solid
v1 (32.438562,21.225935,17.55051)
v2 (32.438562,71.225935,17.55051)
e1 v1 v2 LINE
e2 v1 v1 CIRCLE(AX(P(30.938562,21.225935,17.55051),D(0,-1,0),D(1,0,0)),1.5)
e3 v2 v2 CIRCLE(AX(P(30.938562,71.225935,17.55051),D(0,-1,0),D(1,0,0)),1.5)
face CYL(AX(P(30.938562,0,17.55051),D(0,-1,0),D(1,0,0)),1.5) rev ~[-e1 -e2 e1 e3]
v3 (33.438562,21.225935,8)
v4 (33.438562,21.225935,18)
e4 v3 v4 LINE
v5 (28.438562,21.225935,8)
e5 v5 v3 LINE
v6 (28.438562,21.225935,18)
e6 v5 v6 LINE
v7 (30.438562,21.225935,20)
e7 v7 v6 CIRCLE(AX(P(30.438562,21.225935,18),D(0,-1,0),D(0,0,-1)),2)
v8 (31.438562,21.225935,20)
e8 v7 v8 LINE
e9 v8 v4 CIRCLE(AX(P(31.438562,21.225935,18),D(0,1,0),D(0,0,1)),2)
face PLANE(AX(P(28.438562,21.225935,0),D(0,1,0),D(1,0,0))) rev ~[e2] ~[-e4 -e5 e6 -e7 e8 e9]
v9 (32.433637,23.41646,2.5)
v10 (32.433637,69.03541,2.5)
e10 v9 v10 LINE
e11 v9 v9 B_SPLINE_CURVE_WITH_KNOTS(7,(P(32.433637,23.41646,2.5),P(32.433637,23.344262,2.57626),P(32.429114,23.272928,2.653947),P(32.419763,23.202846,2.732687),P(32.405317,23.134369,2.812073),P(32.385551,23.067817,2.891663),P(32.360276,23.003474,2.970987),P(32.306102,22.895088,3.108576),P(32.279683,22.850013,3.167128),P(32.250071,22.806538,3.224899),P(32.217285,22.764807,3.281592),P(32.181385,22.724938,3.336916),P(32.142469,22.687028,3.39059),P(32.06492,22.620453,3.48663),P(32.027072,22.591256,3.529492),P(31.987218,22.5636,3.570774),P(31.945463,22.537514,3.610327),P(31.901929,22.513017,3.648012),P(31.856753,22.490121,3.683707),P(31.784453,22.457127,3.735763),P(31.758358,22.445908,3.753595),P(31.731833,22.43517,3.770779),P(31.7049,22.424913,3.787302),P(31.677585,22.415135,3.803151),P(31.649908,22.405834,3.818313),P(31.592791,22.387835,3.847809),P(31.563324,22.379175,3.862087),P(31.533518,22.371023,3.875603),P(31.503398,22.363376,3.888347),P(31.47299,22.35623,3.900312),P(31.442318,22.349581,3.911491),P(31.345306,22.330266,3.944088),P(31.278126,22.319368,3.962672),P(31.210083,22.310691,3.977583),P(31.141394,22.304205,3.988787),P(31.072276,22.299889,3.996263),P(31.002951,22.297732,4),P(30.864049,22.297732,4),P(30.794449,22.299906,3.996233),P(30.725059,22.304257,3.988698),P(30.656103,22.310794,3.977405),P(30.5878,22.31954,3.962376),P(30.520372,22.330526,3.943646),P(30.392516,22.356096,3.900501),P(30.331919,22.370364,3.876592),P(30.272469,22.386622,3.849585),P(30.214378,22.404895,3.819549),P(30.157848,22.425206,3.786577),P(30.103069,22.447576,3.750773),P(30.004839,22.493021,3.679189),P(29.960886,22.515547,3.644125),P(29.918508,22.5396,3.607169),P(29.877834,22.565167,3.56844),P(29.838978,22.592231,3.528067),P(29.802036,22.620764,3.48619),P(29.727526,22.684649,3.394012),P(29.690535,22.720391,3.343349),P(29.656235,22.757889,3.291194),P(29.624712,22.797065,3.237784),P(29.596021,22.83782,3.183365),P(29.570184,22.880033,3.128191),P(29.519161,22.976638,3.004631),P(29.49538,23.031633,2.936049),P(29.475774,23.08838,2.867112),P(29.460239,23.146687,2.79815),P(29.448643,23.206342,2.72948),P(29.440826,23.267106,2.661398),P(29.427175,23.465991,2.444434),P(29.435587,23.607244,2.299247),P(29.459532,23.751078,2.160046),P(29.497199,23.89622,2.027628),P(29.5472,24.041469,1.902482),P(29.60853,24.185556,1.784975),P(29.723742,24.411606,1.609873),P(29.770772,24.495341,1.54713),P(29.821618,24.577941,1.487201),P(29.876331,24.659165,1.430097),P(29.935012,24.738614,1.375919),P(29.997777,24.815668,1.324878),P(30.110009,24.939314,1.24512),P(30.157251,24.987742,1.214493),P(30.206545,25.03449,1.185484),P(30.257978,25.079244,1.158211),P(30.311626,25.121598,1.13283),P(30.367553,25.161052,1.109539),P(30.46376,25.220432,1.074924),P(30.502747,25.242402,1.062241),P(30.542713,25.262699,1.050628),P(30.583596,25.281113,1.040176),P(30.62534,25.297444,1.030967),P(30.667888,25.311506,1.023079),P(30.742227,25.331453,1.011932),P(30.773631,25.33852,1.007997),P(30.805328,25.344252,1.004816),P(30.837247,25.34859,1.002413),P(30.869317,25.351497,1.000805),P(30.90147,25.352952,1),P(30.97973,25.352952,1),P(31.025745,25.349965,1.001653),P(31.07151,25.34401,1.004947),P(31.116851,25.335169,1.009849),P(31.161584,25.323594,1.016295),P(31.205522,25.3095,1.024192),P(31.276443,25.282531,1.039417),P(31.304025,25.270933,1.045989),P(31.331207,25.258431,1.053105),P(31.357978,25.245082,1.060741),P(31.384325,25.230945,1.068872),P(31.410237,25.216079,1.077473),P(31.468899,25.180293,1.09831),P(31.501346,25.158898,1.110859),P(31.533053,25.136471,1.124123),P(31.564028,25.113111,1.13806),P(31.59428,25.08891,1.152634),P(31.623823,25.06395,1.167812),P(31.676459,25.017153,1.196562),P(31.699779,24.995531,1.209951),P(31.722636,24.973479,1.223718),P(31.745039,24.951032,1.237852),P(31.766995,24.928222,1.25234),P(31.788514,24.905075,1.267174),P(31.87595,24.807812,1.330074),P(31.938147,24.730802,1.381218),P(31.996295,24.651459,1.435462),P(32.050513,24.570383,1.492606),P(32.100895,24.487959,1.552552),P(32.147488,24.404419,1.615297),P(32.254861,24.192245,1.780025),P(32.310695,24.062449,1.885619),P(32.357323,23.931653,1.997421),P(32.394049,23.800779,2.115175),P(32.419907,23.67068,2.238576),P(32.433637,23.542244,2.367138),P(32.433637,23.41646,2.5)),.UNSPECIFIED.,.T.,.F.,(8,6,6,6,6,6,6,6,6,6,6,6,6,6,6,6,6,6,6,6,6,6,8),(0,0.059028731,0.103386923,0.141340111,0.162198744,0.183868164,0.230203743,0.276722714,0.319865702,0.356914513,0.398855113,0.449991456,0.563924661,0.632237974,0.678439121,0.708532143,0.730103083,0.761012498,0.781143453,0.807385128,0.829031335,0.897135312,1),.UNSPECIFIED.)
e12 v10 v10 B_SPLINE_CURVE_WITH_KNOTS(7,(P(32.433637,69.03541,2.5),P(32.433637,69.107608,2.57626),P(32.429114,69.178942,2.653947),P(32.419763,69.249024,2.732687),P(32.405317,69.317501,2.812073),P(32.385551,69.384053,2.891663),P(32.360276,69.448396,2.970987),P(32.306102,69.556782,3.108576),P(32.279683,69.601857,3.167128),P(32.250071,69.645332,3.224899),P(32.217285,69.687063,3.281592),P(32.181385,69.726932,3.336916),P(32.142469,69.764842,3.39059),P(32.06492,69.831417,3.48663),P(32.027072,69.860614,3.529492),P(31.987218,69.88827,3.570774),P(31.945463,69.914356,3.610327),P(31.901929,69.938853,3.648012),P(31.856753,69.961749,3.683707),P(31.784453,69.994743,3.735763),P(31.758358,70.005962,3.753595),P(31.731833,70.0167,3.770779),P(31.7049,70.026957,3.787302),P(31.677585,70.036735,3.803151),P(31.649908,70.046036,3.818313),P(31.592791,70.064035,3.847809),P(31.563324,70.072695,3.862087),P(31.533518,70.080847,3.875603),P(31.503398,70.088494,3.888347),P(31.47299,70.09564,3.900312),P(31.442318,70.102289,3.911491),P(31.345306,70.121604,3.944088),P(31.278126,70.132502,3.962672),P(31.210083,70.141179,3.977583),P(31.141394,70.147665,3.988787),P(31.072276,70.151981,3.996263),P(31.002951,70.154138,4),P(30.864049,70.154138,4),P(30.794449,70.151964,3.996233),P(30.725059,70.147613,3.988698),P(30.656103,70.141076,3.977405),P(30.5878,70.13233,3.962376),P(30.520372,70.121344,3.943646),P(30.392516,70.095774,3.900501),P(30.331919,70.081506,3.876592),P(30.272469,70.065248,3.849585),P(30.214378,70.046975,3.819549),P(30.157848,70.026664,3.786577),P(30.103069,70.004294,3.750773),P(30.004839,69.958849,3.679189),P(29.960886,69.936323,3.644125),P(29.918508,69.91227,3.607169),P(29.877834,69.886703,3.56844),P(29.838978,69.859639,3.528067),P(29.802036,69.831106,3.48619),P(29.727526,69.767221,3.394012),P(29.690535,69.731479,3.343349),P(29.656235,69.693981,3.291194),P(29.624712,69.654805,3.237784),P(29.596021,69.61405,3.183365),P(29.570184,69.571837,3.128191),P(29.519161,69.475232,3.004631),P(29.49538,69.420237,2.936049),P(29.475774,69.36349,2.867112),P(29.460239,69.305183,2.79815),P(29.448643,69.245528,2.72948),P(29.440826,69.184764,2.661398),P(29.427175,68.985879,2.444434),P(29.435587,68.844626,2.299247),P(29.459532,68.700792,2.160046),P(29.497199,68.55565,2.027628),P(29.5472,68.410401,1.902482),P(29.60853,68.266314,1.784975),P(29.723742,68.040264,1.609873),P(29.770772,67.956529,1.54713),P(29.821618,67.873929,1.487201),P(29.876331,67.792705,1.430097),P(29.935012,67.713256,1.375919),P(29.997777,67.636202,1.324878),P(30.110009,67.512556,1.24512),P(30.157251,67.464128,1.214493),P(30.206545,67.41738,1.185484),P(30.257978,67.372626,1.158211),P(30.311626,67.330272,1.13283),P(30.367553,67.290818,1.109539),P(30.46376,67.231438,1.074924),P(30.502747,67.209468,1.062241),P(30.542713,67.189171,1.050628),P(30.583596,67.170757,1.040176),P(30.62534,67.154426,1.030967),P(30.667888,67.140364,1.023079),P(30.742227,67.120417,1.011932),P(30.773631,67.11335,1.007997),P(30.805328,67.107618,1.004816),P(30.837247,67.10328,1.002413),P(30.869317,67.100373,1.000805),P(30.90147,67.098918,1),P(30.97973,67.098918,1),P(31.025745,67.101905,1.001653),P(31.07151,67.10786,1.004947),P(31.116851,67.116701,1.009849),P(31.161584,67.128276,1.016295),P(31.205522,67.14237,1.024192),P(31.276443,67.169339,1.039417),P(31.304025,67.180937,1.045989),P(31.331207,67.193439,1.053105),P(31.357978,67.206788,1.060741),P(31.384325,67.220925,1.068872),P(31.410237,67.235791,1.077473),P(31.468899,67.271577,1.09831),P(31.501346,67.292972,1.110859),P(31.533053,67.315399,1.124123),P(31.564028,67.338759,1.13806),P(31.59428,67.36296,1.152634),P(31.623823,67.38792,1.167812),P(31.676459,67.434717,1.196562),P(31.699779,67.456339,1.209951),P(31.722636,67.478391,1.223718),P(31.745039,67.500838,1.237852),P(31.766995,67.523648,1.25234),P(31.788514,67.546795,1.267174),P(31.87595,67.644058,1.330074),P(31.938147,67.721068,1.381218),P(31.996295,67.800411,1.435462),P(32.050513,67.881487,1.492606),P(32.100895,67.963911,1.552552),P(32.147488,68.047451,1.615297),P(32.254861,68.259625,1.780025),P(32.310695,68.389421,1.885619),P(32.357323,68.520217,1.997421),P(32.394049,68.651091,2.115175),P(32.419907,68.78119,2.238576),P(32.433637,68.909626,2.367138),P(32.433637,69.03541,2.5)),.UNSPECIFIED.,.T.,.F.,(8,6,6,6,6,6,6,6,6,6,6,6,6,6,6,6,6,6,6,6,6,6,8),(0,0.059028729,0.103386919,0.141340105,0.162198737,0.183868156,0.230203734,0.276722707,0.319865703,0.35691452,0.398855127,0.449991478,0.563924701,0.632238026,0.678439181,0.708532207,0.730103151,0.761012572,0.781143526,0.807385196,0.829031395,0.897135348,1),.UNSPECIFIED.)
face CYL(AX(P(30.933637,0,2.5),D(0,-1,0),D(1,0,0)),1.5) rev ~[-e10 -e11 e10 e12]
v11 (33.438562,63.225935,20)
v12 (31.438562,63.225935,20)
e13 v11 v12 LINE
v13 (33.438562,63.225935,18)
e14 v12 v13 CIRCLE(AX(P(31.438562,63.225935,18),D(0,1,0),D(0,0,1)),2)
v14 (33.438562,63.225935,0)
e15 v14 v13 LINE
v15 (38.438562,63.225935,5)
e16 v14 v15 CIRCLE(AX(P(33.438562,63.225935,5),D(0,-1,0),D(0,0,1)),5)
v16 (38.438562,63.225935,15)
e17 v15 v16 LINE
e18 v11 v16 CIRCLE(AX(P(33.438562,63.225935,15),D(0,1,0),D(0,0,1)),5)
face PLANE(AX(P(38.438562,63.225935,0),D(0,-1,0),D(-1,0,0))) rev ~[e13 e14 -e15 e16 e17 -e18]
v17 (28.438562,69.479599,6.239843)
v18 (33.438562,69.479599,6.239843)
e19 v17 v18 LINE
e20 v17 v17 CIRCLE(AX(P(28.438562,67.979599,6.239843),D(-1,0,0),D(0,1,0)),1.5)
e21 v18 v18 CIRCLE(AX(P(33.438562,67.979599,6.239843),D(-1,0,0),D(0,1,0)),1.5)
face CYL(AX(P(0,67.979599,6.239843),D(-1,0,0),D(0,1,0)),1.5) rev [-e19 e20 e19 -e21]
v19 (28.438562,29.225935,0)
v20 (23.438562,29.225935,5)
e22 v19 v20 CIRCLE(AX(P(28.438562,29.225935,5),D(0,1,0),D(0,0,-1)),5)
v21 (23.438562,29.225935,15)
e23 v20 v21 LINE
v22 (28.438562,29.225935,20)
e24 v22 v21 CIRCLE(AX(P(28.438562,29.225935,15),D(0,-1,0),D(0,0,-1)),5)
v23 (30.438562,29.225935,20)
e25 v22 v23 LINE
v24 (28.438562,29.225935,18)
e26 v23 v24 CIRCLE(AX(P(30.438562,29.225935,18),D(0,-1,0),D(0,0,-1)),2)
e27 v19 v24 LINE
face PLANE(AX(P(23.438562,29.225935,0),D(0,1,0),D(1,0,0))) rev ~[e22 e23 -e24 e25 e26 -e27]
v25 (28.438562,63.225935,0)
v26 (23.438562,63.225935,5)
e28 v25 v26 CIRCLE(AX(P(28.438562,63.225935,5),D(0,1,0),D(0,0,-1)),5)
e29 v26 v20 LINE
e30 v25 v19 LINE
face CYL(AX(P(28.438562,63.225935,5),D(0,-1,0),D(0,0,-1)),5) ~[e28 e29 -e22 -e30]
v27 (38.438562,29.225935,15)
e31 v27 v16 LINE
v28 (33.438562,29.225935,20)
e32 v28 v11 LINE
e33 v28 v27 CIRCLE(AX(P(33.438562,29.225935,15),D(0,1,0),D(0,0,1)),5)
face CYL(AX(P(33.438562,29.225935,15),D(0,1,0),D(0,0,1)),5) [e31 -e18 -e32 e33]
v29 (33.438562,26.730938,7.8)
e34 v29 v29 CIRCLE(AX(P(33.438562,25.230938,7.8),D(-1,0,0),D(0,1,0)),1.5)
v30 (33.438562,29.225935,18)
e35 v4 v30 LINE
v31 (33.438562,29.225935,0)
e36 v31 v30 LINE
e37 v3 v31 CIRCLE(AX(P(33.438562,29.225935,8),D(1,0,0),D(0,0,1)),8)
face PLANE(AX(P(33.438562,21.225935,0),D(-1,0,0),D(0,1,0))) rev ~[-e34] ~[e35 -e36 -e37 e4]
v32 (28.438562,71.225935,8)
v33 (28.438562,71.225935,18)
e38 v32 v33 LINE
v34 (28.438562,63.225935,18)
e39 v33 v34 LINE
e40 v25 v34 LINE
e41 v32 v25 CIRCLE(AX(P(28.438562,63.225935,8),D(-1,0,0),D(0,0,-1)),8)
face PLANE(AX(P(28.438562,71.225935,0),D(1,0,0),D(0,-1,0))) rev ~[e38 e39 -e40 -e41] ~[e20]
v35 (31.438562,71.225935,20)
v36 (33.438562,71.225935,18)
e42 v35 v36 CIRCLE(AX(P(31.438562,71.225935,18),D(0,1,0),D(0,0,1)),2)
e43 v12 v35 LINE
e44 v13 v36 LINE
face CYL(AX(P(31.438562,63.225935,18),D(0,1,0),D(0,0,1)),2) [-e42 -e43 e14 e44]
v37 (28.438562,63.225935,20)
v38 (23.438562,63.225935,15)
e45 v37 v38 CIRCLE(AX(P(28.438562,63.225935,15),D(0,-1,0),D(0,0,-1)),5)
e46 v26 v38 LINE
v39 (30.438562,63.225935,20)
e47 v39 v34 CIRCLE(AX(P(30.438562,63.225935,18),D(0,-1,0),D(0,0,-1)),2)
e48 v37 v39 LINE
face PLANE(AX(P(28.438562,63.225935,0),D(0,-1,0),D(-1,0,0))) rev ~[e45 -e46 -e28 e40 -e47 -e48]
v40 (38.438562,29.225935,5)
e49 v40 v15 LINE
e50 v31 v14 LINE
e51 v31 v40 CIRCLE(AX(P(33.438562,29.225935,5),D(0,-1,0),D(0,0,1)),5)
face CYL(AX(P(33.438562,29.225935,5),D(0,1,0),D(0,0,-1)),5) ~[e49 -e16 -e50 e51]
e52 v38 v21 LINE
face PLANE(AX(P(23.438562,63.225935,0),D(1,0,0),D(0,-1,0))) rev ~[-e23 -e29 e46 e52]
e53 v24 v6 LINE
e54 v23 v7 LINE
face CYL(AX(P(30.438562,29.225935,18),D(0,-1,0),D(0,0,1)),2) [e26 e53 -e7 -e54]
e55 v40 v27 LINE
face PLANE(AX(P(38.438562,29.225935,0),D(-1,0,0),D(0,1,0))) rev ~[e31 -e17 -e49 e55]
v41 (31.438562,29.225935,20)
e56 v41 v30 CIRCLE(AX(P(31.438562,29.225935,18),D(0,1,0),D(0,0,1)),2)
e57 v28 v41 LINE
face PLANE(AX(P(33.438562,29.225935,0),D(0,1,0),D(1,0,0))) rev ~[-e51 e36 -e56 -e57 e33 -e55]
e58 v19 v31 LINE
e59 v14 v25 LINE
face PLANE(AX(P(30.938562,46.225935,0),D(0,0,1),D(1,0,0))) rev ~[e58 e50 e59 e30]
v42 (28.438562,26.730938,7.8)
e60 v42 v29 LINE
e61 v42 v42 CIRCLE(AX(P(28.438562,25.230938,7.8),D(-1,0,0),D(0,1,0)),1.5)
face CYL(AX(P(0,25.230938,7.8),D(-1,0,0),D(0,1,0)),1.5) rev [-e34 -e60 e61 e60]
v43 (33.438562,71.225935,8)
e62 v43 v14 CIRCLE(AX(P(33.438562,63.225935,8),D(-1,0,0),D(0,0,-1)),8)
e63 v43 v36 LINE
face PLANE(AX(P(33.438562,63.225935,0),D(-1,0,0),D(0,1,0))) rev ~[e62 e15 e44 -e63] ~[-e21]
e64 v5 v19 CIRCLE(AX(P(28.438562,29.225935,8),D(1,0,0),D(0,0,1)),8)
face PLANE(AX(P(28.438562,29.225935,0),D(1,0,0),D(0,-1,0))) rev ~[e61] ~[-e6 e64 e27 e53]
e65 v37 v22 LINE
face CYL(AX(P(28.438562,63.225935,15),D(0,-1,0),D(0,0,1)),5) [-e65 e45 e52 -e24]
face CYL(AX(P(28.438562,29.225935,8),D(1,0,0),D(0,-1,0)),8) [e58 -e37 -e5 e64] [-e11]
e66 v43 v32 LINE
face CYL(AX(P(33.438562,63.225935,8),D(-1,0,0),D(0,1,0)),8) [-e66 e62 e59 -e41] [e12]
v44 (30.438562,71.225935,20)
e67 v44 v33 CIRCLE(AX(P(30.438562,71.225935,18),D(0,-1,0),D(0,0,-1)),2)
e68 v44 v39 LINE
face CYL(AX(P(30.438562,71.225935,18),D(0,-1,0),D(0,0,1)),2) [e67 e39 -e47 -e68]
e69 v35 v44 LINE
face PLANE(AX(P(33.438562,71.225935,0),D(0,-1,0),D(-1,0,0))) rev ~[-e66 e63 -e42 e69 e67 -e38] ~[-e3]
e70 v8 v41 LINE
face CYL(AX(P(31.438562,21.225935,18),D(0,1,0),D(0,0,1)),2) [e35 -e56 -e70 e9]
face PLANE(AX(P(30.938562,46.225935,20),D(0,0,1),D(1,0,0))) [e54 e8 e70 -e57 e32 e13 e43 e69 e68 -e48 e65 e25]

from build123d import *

# Parameters (mm, degrees)
F1_DEPTH = 20
F2_R     = 8
F3_R     = 5
F4_R     = 2
F5_R     = 1.5
F6_DEPTH = 50
F7_R     = 1.5
F8_DEPTH = 82.9


with BuildPart() as f1:
    # F0 (on Top) → F1 (new body)
    with BuildSketch(Plane.XY):
        Polygon((33.438562, 71.225935), (28.438562, 71.225935), (28.438562, 63.225935), (23.438562, 63.225935), (23.438562, 29.225935), (28.438562, 29.225935), (28.438562, 21.225935), (33.438562, 21.225935), (33.438562, 29.225935), (38.438562, 29.225935), (38.438562, 63.225935), (33.438562, 63.225935), align=None)
    extrude(amount=F1_DEPTH)

    # F2
    f2_edges = [f1.edges().sort_by_distance(p)[0] for p in [
        (30.938562, 21.225935, 0),
        (30.938562, 71.225935, 0),
    ]]
    fillet(f2_edges, radius=F2_R)

    # F3
    f3_edges = [f1.edges().sort_by_distance(p)[0] for p in [
        (38.438562, 46.225935, 20),
        (23.438562, 46.225935, 20),
        (38.438562, 46.225935, 0),
        (23.438562, 46.225935, 0),
    ]]
    fillet(f3_edges, radius=F3_R)

    # F4
    f4_edges = [f1.edges().sort_by_distance(p)[0] for p in [
        (33.438562, 25.225935, 20),
        (33.438562, 67.225935, 20),
        (28.438562, 67.225935, 20),
        (28.438562, 25.225935, 20),
    ]]
    fillet(f4_edges, radius=F4_R)

    # F5 (on Right) → F6 (cut)
    with BuildSketch(Plane.YZ):
        with Locations((67.979599, 6.239843)):
            Circle(F5_R)
        with Locations((25.230938, 7.8)):
            Circle(F5_R)
    extrude(amount=F6_DEPTH, mode=Mode.SUBTRACT)

    # F7 (on Front) → F8 (cut)
    with BuildSketch(Plane.XZ):
        with Locations((30.938562, 17.55051)):
            Circle(F7_R)
        with Locations((30.933637, 2.5)):
            Circle(F7_R)
    extrude(amount=-F8_DEPTH, mode=Mode.SUBTRACT)


solid = f1.part
